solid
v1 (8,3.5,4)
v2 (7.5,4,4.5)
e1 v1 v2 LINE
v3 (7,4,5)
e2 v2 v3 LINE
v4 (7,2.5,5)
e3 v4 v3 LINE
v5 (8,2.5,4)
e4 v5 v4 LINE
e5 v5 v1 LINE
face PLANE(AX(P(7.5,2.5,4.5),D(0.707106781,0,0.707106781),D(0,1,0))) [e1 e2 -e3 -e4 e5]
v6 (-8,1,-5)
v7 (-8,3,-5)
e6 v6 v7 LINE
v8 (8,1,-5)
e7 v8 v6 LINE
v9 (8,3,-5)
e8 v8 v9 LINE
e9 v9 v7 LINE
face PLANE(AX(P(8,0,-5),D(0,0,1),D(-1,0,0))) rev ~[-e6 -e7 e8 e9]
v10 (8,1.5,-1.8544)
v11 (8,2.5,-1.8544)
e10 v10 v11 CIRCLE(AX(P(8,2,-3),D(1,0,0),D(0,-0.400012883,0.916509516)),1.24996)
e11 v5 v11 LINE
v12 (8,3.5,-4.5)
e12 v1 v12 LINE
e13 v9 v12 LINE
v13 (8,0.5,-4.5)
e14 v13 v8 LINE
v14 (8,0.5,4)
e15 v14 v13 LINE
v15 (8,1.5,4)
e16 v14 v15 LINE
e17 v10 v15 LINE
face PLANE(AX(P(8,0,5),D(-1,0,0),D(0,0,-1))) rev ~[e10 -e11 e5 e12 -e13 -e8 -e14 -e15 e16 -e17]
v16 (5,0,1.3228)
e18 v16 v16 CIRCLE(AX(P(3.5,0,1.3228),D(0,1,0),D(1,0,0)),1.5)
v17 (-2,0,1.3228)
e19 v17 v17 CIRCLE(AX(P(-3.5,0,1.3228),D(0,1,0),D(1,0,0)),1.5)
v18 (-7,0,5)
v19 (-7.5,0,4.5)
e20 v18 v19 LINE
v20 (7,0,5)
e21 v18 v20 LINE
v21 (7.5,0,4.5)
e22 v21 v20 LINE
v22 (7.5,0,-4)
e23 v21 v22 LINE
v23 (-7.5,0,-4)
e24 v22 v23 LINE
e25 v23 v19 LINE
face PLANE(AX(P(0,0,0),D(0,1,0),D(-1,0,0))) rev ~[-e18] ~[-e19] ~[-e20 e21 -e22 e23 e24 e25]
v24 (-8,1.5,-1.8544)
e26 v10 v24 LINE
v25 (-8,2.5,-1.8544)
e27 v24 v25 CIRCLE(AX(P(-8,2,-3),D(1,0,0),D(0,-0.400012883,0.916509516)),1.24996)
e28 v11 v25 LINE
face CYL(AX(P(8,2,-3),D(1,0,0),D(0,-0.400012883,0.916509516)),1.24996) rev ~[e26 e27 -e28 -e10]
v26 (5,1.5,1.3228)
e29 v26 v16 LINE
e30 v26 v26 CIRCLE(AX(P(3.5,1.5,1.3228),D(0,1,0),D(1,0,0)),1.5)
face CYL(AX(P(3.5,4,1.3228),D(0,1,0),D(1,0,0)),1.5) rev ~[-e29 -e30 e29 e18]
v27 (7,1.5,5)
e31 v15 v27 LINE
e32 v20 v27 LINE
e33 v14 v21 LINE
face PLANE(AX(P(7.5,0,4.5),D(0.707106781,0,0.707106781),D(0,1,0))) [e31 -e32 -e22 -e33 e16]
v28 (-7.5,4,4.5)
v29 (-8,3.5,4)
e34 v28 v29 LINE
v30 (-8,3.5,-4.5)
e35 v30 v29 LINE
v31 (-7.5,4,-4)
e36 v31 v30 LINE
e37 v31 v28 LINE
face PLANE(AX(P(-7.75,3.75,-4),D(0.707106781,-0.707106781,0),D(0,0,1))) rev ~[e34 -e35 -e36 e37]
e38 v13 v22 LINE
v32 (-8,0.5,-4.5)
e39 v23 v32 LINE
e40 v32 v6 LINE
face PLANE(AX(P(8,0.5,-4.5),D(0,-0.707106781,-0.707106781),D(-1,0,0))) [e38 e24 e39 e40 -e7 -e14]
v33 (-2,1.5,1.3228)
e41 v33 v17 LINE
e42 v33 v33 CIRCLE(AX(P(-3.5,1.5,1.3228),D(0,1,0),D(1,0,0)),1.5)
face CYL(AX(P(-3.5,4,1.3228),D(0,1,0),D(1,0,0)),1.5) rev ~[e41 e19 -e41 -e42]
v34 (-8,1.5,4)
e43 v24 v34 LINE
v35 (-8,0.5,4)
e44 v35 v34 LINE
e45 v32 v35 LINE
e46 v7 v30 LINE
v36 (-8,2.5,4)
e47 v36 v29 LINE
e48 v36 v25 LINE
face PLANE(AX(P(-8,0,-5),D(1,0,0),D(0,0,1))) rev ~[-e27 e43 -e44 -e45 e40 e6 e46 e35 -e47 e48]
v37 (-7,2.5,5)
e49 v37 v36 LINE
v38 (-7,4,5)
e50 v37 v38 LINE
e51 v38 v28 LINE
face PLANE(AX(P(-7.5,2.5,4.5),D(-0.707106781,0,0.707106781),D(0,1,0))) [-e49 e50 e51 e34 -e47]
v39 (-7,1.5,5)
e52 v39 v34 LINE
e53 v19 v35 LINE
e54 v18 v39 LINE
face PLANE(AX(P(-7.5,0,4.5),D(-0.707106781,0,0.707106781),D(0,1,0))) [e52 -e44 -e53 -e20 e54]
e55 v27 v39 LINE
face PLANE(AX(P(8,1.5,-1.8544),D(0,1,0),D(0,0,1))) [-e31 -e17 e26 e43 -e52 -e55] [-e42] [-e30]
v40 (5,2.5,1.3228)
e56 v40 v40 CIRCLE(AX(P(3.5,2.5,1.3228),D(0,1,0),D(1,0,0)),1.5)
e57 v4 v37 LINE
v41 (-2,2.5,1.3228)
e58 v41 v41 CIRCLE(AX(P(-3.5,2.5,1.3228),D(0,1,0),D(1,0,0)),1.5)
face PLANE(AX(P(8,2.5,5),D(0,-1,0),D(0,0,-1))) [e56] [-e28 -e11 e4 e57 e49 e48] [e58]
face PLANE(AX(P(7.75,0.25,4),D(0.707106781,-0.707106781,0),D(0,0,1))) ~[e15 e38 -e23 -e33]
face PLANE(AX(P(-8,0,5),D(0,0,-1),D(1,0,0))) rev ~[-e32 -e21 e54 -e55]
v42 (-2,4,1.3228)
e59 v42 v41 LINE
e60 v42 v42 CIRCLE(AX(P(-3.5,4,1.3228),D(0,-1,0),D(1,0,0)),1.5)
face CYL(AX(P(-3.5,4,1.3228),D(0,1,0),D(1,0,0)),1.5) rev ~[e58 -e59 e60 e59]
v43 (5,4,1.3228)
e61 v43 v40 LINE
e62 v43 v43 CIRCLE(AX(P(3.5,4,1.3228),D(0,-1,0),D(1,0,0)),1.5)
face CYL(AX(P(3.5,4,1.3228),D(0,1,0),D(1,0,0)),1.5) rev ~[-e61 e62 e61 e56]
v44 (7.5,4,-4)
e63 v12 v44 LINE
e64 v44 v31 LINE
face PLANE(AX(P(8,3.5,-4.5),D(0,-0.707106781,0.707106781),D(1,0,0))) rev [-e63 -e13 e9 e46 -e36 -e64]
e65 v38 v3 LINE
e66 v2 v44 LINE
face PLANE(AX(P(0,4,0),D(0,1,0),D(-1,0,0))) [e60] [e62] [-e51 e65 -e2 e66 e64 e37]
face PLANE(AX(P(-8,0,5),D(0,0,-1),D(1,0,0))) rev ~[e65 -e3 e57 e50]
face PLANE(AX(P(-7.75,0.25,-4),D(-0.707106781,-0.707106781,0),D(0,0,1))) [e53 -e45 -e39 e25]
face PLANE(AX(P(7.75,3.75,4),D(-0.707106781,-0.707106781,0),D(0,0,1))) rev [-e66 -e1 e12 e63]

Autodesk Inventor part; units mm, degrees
ref_plane "YZ Plane" through (0, 0, 0) normal (1, 0, 0) x (0, 1, 0)
ref_plane "XZ Plane" through (0, 0, 0) normal (0, 1, 0) x (-1, 0, 0)
ref_plane "XY Plane" through (0, 0, 0) normal (0, 0, 1) x (1, 0, 0)
sketch "Esboço1" plane through (0, 0, 0) normal (0, 1, 0) x (-1, 0, 0)
  line L0 (-8, -5) -> (8, -5)
  line L1 (8, -5) -> (8, 5)
  line L2 (8, 5) -> (-8, 5)
  line L3 (-8, 5) -> (-8, -5)
  line L4 (-8, -5) -> (8, 5) construction
  line L5 (8, -5) -> (-8, 5) construction
  point P0 (0, 0)
  dimension "d0" = 16
  dimension "d1" = 10
extrude "Extrusão1" add sketch "Esboço1" along normal blind 4
sketch "Esboço2" plane through (8, 0, 5) normal (1, 0, 0) x (0, 0, -1)
  line L0 (0, 0) -> (0, 4) projected
  line L1 (10, 0) -> (10, 4) projected
  arc A0 (6.8544, 1.5) -> (6.8544, 2.5) centre (8, 2) ccw
  line L2 (-0.795, 1.5) -> (-0.795, 2.5)
  line L3 (-0.795, 2.5) -> (6.8544, 2.5)
  line L4 (6.8544, 1.5) -> (-0.795, 1.5)
  point P0 (5, 0)
  point P1 (0, 2.5)
  point P2 (0, 1.5)
  dimension "d7" = 2.5
  dimension "d8" = 1
extrude "Extrusão2" cut sketch "Esboço2" against normal through all contours L0 L3 A0 L4
chamfer "Chanfro1" distance 1 angle 45 4 edges at (-8, 3.25, 5) (-8, 0.75, 5) (8, 0.75, 5) (8, 3.25, 5)
chamfer "Chanfro2" distance 1 angle 45 2 edges at (0, 4, -5) (0, 0, -5)
chamfer "Chanfro3" distance 0.5 angle 45 4 edges at (8, 4, 0) (8, 0, 0) (-8, 4, 0) (-8, 0, 0)
sketch "Esboço3" plane through (0, 4, 0) normal (0, 1, 0) x (1, 0, 0)
  line L0 (-7.5, -4.5) -> (-7.5, 4) projected
  line L1 (7, -5) -> (8, -4) projected
  line L2 (-7.5, 4) -> (7.5, 4)
  line L3 (7.5, 4) -> (7.5, -4.5)
  line L4 (7.5, -4.5) -> (-7.5, -4.5)
  line L5 (-7.5, -4.5) -> (-7.5, 4)
  line L6 (8, 1.8544) -> (-8, 1.8544) projected
  line L7 (-7.5, 1.8544) -> (7.5, 1.8544)
  line L8 (7.5, 1.8544) -> (7.5, -4.5)
  line L9 (7.5, -4.5) -> (-7.5, -4.5)
  line L10 (-7.5, -4.5) -> (-7.5, 1.8544)
  line L11 (-7.5, -1.3228) -> (7.5, -1.3228)
  line L12 (-7.5, -1.3228) -> (-3.5, -1.3228)
  circle A0 centre (-3.5, -1.3228) radius 1.5
  line L13 (7.5, -1.3228) -> (3.5, -1.3228)
  circle A1 centre (3.5, -1.3228) radius 1.5
  point P0 (0, 0)
  dimension "d20" = 4
  dimension "d21" = 3
  dimension "d22" = 4
  dimension "d23" = 3
extrude "Extrusão3" cut sketch "Esboço3" against normal through all contours A0 L11 | L11 A0 | A1 L11 | L11 A1
properties part number "Sup_haste_corpo"
